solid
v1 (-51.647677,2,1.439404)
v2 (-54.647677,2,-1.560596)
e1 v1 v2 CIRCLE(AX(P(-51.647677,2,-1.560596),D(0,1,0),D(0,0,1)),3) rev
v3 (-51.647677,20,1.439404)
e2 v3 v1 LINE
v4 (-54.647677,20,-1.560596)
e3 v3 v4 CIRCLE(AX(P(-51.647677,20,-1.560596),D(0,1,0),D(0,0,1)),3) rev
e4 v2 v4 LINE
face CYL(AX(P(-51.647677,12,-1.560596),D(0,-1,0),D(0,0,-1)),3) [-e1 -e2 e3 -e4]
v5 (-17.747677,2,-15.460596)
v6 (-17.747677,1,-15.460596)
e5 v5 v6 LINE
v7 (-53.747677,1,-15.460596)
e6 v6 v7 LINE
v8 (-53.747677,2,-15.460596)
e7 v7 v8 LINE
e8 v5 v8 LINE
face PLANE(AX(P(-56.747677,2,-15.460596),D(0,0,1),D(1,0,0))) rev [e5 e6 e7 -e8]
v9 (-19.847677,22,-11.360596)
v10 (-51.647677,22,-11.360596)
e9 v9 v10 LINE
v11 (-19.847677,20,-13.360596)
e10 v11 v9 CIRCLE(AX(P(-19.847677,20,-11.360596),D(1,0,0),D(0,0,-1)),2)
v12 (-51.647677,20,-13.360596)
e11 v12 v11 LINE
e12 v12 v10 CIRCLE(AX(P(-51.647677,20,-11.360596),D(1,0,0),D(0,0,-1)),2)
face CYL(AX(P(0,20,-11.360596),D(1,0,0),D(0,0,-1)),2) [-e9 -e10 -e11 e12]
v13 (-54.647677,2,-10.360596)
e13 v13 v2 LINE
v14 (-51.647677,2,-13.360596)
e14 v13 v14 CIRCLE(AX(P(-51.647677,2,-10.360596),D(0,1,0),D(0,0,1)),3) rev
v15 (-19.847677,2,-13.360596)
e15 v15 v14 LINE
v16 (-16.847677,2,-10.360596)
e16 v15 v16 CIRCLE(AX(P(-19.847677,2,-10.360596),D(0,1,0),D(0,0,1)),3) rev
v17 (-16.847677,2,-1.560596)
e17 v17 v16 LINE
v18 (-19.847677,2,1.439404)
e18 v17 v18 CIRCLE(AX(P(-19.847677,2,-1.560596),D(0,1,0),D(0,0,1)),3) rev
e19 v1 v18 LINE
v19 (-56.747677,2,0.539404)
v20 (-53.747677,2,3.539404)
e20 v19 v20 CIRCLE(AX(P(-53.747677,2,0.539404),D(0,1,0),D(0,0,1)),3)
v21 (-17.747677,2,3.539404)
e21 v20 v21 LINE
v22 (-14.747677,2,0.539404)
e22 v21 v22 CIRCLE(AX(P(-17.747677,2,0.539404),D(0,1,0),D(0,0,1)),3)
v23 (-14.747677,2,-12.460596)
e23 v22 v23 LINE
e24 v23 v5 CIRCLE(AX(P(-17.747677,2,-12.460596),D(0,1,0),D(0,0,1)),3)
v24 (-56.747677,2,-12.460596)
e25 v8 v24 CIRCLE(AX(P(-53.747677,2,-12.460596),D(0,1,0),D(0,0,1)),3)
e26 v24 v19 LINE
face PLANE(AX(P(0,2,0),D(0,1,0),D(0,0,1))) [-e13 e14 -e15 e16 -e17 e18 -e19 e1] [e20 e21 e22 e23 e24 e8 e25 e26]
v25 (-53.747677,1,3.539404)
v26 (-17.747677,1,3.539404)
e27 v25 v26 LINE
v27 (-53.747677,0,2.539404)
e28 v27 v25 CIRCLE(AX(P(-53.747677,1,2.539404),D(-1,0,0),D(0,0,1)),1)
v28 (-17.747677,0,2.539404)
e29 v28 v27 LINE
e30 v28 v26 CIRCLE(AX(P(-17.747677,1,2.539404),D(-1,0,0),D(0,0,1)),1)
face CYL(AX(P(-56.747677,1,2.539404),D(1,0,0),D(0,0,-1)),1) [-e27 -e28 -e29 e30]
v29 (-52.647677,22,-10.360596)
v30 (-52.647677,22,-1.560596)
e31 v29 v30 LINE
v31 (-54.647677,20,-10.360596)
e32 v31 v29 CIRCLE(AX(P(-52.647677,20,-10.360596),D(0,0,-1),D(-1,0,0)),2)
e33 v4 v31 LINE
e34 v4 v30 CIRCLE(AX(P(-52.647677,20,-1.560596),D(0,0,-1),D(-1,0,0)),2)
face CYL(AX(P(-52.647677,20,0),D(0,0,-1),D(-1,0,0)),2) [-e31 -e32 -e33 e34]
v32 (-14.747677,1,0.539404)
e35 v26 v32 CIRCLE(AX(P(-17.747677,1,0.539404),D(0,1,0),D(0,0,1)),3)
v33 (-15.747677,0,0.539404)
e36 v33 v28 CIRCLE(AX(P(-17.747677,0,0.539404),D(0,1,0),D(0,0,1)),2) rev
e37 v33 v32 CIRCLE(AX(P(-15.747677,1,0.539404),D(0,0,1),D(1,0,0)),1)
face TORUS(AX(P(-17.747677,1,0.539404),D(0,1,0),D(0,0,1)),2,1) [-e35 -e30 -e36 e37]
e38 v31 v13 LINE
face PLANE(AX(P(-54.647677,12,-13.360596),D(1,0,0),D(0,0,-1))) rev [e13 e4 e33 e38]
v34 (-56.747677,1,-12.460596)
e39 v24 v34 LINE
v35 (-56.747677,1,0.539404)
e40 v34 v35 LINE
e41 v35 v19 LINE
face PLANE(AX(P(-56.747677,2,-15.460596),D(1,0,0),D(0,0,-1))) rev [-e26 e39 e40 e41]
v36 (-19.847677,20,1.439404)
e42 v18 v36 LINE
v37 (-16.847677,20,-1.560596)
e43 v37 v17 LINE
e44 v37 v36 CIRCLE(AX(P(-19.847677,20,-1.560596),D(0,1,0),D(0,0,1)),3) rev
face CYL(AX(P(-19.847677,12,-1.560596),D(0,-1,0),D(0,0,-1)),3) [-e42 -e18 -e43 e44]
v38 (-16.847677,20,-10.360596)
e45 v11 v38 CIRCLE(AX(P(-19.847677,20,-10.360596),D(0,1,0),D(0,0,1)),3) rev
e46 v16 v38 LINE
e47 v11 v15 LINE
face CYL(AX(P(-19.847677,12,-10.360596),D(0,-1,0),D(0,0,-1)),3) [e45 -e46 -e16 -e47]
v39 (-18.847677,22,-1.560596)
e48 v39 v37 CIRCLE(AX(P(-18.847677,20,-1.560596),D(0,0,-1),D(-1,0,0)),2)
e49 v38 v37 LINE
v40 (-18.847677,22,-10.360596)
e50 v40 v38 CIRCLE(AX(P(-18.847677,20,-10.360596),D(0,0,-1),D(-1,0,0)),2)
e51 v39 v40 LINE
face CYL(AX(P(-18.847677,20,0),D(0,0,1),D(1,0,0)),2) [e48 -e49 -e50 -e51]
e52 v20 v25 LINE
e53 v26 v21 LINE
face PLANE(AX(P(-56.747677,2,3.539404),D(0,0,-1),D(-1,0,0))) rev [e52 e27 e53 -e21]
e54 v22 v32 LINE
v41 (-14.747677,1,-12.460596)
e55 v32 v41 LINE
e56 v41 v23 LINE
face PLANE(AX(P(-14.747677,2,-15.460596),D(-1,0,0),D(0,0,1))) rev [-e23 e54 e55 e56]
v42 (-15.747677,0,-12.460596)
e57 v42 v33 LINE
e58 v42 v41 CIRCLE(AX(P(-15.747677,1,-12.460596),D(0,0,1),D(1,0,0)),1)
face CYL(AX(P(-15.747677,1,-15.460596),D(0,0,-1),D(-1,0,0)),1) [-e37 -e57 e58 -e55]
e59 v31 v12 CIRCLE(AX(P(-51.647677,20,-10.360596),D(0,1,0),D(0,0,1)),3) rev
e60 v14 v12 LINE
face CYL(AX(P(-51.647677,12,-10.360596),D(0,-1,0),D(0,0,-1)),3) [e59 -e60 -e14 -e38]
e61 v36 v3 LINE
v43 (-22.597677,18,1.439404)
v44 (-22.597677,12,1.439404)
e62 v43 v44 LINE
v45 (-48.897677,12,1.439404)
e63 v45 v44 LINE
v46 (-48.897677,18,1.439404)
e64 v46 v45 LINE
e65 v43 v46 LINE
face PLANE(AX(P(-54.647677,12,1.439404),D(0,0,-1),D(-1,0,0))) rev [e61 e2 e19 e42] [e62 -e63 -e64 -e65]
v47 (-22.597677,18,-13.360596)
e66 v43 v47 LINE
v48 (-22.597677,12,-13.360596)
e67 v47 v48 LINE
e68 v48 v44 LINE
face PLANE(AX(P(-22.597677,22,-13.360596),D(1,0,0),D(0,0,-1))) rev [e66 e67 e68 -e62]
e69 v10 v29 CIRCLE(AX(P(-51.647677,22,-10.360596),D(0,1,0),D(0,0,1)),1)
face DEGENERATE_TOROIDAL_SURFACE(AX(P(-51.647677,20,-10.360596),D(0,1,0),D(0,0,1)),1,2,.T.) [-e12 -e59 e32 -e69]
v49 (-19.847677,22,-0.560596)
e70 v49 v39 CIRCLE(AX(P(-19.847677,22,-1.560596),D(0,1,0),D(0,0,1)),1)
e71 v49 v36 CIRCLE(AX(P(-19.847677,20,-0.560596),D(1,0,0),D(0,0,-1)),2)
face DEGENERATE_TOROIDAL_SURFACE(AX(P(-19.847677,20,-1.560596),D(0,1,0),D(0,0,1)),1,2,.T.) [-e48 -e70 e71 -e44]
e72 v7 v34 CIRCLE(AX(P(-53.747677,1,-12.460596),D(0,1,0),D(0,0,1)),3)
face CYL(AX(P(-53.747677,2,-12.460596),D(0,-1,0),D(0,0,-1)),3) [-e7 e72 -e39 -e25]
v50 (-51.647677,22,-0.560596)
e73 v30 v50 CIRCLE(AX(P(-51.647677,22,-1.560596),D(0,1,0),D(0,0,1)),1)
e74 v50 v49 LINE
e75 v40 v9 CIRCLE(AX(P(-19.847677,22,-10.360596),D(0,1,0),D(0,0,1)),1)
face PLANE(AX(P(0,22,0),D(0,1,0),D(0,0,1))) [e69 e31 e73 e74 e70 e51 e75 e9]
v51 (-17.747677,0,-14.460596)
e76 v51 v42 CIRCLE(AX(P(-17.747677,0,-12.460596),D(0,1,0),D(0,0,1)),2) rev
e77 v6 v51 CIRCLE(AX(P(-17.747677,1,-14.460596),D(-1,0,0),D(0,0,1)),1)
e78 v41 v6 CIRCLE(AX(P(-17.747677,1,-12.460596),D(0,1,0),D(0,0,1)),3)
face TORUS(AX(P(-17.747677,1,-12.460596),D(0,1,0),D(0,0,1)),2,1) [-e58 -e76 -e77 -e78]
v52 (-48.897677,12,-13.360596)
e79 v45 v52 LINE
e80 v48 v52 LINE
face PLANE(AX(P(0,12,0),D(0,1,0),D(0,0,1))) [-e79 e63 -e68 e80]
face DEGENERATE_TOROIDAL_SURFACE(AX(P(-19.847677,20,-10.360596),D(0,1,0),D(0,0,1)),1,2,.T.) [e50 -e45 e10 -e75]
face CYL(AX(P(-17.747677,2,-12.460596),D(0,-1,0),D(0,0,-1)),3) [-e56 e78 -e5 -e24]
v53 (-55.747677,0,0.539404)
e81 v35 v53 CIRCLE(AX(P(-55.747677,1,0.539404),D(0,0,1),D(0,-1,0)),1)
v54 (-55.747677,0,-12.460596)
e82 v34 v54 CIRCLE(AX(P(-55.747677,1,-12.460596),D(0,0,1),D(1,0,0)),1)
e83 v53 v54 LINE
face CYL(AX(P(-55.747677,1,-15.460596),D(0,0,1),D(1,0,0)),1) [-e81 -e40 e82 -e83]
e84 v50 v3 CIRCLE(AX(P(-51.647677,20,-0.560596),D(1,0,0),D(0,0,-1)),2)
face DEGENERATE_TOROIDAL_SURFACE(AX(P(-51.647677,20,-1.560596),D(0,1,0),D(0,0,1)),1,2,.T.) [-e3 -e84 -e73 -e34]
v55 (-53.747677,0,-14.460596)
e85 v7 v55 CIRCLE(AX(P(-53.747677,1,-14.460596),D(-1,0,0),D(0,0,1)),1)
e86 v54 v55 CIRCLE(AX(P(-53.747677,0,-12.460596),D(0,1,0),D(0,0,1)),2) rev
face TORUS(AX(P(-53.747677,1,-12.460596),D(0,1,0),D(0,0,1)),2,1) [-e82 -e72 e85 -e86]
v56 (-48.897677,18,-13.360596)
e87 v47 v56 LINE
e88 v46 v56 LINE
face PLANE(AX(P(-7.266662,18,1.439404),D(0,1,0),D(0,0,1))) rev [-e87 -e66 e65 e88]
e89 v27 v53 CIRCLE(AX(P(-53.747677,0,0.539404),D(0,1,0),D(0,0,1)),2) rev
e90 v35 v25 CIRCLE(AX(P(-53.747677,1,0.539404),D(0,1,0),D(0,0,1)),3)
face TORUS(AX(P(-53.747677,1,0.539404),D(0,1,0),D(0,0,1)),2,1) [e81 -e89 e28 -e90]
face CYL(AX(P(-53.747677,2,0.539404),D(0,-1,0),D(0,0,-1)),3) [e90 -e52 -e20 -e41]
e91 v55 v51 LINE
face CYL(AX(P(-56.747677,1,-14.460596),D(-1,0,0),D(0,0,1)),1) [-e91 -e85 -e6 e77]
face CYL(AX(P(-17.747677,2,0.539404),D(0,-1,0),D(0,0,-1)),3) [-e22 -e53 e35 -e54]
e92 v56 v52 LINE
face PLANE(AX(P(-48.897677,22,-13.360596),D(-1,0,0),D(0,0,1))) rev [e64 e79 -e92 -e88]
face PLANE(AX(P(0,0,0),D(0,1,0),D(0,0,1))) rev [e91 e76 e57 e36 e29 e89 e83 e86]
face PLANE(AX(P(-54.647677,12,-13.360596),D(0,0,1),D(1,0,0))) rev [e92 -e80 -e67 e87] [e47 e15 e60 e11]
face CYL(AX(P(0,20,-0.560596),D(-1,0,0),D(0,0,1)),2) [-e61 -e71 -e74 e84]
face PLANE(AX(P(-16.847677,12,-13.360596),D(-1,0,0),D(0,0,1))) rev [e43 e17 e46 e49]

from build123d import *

# Parameters (mm, degrees)
SKETCH1_W           = 42
SKETCH1_H           = 19
BOSS_EXTRUDE1_DEPTH = 2
FILLET1_R           = 3
FILLET2_R           = 1
SKETCH2_W           = 37.8
SKETCH2_H           = 14.8
BOSS_EXTRUDE2_DEPTH = 10
SKETCH3_W           = 5.75
SKETCH3_H           = 14.8
BOSS_EXTRUDE3_DEPTH = 10
SKETCH5_W           = 14.8
SKETCH5_H           = 4
BOSS_EXTRUDE4_DEPTH = 26.3
FILLET4_R           = 3
FILLET5_R           = 2


with BuildPart() as part:
    # Sketch1 → Boss-Extrude1 (new body)
    with BuildSketch(Plane(origin=(0, 0, 0), x_dir=(1, 0, 0), z_dir=(0, 1, 0))):
        with Locations((-35.747676634, 5.960595817)):
            Rectangle(SKETCH1_W, SKETCH1_H)
    extrude(amount=BOSS_EXTRUDE1_DEPTH)

    # Fillet1
    fillet1_edges = [part.edges().sort_by_distance(p)[0] for p in [
        (-56.747676634, 1, -15.460595817),
        (-14.747676634, 1, -15.460595817),
        (-14.747676634, 1, 3.539404183),
        (-56.747676634, 1, 3.539404183),
    ]]
    fillet(fillet1_edges, radius=FILLET1_R)

    # Fillet2
    fillet2_edges = [part.edges().sort_by_distance(p)[0] for p in [
        (-56.747676634, 0, -5.960595817),
        (-35.747676634, 0, -15.460595817),
        (-14.747676634, 0, -5.960595817),
        (-35.747676634, 0, 3.539404183),
        (-15.62635629, 0, 2.660724527),
        (-15.62635629, 0, -14.58191616),
        (-55.868996977, 0, 2.660724527),
        (-55.868996977, 0, -14.58191616),
    ]]
    fillet(fillet2_edges, radius=FILLET2_R)

    # Sketch2 → Boss-Extrude2 (add)
    with BuildSketch(Plane(origin=(0, 2, 0), x_dir=(1, 0, 0), z_dir=(0, 1, 0))):
        with Locations((-35.747676634, 5.960595817)):
            Rectangle(SKETCH2_W, SKETCH2_H)
    extrude(amount=BOSS_EXTRUDE2_DEPTH)

    # Sketch3 → Boss-Extrude3 (add)
    with BuildSketch(Plane(origin=(0, 12, 0), x_dir=(1, 0, 0), z_dir=(0, 1, 0))):
        with Locations((-19.722676634, 5.960595817)):
            Rectangle(SKETCH3_W, SKETCH3_H)
        with Locations((-51.772676634, 5.960595817)):
            Rectangle(SKETCH3_W, SKETCH3_H)
    extrude(amount=BOSS_EXTRUDE3_DEPTH)

    # Sketch5 → Boss-Extrude4 (add)
    with BuildSketch(Plane(origin=(-48.897676634, 0, 0), x_dir=(0, 0, -1), z_dir=(1, 0, 0))):
        with Locations((5.960595817, 20)):
            Rectangle(SKETCH5_W, SKETCH5_H)
    extrude(amount=BOSS_EXTRUDE4_DEPTH)

    # Fillet4
    fillet4_edges = [part.edges().sort_by_distance(p)[0] for p in [
        (-54.647676634, 12, -13.360595817),
        (-54.647676634, 12, 1.439404183),
        (-16.847676634, 12, 1.439404183),
        (-16.847676634, 12, -13.360595817),
    ]]
    fillet(fillet4_edges, radius=FILLET4_R)

    # Fillet5
    fillet5_edges = [part.edges().sort_by_distance(p)[0] for p in [
        (-35.747676634, 22, -13.360595817),
        (-16.847676634, 22, -5.960595817),
        (-35.747676634, 22, 1.439404183),
        (-54.647676634, 22, -5.960595817),
        (-53.768996977, 22, 0.560724527),
        (-53.768996977, 22, -12.48191616),
        (-17.72635629, 22, 0.560724527),
        (-17.72635629, 22, -12.48191616),
    ]]
    fillet(fillet5_edges, radius=FILLET5_R)


solid = part.part
